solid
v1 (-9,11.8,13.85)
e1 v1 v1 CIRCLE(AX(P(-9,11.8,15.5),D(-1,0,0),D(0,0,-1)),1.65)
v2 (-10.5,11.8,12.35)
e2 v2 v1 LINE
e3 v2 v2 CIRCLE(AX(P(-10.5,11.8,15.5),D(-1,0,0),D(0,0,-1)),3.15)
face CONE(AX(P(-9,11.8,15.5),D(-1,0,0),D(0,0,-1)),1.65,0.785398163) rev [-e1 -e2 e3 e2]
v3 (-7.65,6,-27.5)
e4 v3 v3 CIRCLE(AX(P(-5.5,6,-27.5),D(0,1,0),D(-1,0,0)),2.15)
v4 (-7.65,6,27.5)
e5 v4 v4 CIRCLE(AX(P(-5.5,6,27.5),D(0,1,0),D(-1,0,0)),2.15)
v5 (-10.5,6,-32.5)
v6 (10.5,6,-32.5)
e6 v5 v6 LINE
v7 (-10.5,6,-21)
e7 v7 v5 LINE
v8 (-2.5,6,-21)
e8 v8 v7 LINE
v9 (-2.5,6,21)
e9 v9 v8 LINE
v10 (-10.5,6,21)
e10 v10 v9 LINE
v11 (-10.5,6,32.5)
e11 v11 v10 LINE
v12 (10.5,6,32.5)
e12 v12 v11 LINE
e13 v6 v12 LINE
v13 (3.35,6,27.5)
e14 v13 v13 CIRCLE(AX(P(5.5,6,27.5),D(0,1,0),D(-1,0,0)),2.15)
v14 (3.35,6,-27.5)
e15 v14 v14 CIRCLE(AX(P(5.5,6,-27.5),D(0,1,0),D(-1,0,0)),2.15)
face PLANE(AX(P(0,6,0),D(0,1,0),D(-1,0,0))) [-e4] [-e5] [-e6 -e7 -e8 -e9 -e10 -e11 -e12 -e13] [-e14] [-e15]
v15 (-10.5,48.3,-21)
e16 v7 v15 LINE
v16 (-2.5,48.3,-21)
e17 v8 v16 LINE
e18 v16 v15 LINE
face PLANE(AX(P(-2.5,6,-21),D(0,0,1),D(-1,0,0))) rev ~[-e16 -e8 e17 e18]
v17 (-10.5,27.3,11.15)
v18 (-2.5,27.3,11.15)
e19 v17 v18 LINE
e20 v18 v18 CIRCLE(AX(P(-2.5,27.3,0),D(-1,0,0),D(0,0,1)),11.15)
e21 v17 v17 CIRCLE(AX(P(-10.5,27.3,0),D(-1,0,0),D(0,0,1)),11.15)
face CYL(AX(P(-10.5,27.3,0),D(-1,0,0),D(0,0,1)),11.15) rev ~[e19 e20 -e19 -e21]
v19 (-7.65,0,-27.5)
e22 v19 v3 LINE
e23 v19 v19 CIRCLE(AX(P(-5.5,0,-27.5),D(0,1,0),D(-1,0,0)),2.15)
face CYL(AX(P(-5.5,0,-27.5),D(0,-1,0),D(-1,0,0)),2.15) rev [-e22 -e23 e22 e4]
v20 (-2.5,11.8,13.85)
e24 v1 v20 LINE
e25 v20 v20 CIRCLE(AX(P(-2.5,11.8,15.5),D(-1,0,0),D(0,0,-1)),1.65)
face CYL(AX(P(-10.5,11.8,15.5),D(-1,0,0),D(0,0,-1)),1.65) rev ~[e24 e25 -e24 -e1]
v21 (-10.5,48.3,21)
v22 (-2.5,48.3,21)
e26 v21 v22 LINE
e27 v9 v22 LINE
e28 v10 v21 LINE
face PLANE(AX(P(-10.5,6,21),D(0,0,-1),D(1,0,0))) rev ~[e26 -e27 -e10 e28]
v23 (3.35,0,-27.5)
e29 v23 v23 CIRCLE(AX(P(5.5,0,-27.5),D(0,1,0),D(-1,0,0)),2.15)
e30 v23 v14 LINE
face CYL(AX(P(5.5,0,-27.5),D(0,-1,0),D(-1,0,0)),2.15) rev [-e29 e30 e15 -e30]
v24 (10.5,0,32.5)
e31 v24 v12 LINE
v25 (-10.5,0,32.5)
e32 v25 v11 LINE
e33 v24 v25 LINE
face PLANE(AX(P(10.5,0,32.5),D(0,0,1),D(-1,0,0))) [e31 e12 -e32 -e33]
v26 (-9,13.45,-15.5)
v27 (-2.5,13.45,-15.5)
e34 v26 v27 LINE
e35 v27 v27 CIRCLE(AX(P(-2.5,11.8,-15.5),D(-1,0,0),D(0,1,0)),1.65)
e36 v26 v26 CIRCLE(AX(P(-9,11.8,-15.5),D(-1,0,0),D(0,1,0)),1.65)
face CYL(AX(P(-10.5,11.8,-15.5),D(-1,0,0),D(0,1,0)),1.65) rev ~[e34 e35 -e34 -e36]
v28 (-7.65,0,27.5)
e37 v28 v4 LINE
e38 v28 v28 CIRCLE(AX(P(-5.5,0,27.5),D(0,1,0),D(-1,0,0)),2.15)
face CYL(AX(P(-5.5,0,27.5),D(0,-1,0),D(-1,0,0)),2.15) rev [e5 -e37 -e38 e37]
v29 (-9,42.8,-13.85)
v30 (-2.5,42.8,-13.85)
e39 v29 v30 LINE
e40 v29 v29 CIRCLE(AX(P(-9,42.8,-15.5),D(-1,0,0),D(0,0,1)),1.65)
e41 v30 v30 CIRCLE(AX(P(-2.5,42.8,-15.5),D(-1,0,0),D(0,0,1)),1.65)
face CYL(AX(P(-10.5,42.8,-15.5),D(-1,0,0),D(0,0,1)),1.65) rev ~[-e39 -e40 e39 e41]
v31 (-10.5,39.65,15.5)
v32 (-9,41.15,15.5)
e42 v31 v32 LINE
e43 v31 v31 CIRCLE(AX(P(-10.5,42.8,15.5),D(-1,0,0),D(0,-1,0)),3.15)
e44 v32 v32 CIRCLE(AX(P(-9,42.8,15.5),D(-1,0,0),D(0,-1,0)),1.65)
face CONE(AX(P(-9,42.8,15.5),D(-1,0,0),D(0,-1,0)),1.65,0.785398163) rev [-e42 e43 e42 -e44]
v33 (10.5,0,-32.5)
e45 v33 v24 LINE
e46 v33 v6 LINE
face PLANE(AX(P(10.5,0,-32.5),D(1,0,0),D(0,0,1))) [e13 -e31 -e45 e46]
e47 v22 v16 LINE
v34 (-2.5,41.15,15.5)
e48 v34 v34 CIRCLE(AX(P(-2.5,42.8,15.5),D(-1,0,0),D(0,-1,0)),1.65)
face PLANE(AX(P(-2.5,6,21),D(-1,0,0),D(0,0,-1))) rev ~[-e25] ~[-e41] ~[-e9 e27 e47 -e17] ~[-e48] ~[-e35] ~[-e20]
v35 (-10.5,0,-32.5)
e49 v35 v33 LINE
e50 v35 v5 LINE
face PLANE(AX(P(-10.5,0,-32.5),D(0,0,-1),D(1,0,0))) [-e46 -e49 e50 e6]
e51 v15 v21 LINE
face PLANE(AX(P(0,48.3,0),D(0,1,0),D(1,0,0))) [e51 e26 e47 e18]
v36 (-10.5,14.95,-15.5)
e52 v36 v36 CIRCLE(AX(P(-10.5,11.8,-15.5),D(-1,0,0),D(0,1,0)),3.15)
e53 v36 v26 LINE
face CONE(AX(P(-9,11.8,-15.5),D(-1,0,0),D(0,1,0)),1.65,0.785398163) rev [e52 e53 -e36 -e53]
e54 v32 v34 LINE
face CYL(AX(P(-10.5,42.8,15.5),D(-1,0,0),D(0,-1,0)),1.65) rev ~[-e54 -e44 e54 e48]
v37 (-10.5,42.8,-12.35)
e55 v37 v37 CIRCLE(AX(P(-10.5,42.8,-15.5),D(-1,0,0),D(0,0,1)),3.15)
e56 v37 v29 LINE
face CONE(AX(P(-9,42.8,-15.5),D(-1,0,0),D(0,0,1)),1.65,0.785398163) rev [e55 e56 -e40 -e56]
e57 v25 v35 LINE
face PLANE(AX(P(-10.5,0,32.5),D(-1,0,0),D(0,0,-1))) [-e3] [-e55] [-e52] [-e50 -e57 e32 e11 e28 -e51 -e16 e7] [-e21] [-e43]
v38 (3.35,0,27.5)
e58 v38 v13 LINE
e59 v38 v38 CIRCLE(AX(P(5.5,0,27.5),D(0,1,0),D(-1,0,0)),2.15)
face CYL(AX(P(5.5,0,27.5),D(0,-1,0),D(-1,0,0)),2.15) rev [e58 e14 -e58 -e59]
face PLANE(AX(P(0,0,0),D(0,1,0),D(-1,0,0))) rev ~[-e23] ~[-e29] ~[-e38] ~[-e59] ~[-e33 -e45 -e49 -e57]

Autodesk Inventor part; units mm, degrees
ref_plane "YZ Plane" through (0, 0, 0) normal (1, 0, 0) x (0, 1, 0)
ref_plane "XZ Plane" through (0, 0, 0) normal (0, 1, 0) x (-1, 0, 0)
ref_plane "XY Plane" through (0, 0, 0) normal (0, 0, 1) x (1, 0, 0)
sketch "Boceto1" plane through (0, 0, 0) normal (0, 1, 0) x (-1, 0, 0)
  line L0 (-10.5, 32.5) -> (10.5, 32.5)
  line L1 (10.5, 32.5) -> (10.5, -32.5)
  line L2 (10.5, -32.5) -> (-10.5, -32.5)
  line L3 (-10.5, -32.5) -> (-10.5, 32.5)
  line L4 (-10.5, 32.5) -> (10.5, -32.5) construction
  line L5 (10.5, 32.5) -> (-10.5, -32.5) construction
  circle A0 centre (5.5, 27.5) radius 2.15
  circle A1 centre (-5.5, 27.5) radius 2.15
  circle A2 centre (5.5, -27.5) radius 2.15
  circle A3 centre (-5.5, -27.5) radius 2.15
  point P0 (0, 0)
  dimension "d0" = 4.3
  dimension "d1" = 55
  dimension "d2" = 65
  dimension "d3" = 11
  dimension "d4" = 5
  dimension "d5" = 21
  dimension "d6" = 5
extrude "Extrusión1" add sketch "Boceto1" along normal blind 6
sketch "Boceto2" plane through (0, 6, 0) normal (0, 1, 0) x (1, 0, 0)
  line L0 (-10.5, 32.5) -> (-10.5, -32.5) projected
  line L1 (-10.5, -21) -> (-2.5, -21)
  line L2 (-2.5, -21) -> (-2.5, 21)
  line L3 (-2.5, 21) -> (-10.5, 21)
  line L4 (-10.5, 21) -> (-10.5, -21)
  point P0 (0, 0)
  point P1 (-10.5, 21)
  dimension "d9" = 42
  dimension "d10" = 21
  dimension "d11" = 8
extrude "Extrusión2" add sketch "Boceto2" along normal blind 42.3
sketch "Boceto3" plane through (-10.5, 0, -32.5) normal (-1, 0, 0) x (0, 0, 1)
  line L0 (11.5, 48.3) -> (53.5, 48.3) projected
  line L1 (53.5, 6) -> (53.5, 48.3) projected
  line L2 (11.5, 48.3) -> (53.5, 48.3)
  line L3 (53.5, 48.3) -> (53.5, 6.3)
  line L4 (53.5, 6.3) -> (11.5, 6.3)
  line L5 (11.5, 6.3) -> (11.5, 48.3)
  circle A0 centre (32.5, 27.3) radius 11.15
  point P0 (32.5, 0)
  dimension "d14" = 42
  dimension "d15" = 22.3
  dimension "d16" = 21
  dimension "d17" = 21
extrude "Extrusión3" cut sketch "Boceto3" against normal through all contours A0
sketch "Boceto4" plane through (-10.5, 0, -32.5) normal (-1, 0, 0) x (0, 0, 1)
  circle A0 centre (17, 42.8) radius 1.65
  circle A1 centre (32.5, 27.3) radius 11.15 projected
  point P0 (32.5, 0)
  dimension "d20" = 15.5
  dimension "d22" = 15.5
  dimension "d23" = 3.3
extrude "Extrusión4" cut sketch "Boceto4" against normal through all contours A0
chamfer "Chaflán1" distance 1.5 angle 45 1 edges at (-10.5, 42.8, -17.15)
pattern_circular "Patrón circular1" count 4 over 360 about axis through (-10.5, 27.3, 0) along (1, 0, 0) of "Extrusión4", "Chaflán1"
properties part number "elbowmotorsupport"
